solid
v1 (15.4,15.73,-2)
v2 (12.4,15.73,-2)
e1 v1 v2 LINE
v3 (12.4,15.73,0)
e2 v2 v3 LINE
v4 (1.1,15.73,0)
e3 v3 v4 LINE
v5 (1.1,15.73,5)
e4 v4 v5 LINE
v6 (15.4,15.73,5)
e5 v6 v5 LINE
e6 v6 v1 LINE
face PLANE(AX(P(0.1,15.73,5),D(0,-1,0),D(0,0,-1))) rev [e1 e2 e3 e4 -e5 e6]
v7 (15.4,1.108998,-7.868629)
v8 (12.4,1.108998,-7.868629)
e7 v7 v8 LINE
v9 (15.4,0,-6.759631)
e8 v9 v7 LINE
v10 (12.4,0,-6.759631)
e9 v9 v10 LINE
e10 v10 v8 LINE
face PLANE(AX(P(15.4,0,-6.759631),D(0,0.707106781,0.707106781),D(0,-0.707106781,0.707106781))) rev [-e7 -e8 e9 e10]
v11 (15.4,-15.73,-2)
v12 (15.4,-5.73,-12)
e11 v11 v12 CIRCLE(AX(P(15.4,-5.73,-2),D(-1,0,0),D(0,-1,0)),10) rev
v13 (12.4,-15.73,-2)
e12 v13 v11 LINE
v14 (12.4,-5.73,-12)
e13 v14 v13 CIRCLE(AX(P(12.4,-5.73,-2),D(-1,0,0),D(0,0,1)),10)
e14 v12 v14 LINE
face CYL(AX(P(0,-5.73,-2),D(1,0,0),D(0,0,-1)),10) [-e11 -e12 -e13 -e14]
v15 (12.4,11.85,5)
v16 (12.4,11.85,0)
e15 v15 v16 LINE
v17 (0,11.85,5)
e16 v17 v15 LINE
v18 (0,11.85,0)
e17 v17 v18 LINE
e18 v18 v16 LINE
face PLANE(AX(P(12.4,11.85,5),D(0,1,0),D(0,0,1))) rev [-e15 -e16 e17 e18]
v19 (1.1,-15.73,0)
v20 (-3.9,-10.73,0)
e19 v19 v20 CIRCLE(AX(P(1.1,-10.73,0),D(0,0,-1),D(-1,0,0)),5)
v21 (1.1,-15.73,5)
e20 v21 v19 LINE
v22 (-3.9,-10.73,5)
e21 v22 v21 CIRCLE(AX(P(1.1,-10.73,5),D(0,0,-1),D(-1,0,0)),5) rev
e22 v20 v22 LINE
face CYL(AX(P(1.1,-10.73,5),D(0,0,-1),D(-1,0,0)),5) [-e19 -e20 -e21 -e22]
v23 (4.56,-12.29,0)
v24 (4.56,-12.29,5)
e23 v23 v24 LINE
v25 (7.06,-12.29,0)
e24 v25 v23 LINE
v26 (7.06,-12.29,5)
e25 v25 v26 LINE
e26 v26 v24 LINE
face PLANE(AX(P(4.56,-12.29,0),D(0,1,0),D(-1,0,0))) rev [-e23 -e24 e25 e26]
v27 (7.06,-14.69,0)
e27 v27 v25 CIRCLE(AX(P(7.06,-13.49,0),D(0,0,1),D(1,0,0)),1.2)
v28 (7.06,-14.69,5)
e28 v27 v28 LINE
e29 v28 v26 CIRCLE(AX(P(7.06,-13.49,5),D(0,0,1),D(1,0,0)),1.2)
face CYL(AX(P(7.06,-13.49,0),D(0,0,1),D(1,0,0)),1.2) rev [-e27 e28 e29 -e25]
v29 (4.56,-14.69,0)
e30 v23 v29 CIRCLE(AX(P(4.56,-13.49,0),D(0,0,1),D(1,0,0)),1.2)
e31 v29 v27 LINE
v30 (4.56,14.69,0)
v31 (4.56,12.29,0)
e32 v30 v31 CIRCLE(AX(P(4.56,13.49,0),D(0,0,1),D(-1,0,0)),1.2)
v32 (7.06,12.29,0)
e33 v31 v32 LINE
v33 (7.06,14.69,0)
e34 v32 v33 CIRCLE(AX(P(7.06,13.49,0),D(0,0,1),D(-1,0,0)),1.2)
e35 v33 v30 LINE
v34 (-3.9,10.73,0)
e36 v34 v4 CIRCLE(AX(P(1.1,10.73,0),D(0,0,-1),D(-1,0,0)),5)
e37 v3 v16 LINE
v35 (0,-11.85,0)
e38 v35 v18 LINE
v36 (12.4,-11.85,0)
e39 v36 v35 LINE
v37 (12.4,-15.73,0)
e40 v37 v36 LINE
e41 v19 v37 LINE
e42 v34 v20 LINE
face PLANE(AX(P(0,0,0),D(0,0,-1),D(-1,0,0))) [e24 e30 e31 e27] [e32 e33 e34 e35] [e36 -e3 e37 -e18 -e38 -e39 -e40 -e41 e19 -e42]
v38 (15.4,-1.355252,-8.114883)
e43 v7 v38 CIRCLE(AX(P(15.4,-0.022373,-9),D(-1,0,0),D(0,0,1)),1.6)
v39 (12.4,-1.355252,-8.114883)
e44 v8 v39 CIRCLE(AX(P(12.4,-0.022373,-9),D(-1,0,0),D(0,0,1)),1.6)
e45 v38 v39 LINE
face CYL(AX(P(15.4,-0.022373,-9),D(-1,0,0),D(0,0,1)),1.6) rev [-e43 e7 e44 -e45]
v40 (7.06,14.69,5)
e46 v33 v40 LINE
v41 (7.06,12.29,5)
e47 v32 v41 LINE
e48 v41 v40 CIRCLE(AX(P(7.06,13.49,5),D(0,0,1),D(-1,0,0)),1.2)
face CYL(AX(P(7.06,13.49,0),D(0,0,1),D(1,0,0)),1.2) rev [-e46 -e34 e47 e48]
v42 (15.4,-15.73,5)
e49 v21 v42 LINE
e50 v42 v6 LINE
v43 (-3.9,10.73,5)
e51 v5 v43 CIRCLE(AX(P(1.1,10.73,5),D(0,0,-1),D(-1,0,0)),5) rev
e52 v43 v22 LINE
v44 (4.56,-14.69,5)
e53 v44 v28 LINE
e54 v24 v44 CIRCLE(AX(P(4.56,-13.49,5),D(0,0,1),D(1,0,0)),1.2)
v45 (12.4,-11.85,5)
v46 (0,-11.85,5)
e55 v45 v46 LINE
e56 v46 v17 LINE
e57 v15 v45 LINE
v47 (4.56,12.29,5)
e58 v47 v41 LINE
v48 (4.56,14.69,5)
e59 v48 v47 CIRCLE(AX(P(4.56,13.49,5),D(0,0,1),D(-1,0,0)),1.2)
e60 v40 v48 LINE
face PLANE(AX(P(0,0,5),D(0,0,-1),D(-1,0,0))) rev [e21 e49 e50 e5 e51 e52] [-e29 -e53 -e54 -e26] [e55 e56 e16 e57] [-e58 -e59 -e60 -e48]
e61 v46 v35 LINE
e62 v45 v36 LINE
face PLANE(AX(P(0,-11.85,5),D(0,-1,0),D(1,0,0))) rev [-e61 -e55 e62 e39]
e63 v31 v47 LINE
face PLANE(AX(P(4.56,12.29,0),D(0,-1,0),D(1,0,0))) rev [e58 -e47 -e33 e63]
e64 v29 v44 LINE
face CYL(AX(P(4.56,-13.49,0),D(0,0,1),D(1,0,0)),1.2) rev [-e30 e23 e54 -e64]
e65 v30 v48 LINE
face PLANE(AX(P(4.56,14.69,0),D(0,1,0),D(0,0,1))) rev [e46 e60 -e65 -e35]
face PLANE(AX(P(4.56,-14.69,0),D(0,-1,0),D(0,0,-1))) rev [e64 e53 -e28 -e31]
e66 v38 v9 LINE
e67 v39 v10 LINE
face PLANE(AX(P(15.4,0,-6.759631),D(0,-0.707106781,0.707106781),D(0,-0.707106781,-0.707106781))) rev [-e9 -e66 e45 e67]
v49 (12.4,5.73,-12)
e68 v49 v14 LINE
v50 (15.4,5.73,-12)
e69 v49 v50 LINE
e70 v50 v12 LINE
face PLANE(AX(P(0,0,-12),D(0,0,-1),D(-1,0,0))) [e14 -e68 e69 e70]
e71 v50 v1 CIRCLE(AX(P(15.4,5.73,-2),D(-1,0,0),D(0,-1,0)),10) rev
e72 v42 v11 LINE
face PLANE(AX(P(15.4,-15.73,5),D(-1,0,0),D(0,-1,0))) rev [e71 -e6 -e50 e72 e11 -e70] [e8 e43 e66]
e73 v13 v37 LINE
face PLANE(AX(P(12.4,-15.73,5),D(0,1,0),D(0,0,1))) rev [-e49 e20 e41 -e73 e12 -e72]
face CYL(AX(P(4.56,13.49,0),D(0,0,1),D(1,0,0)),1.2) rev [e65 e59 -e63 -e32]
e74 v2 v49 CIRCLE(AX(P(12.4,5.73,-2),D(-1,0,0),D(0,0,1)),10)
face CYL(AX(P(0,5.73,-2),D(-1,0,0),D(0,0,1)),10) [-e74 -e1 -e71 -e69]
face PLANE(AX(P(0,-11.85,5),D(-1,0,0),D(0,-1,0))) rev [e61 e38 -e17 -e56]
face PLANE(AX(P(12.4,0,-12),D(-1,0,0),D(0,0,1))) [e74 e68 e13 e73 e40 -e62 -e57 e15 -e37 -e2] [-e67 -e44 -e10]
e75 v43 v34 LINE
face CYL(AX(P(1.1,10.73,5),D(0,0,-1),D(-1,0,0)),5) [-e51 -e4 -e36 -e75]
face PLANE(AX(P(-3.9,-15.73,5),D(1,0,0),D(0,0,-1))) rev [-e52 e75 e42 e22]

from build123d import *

# Parameters (mm, degrees)
BOSS_EXTRUDE2_DEPTH = 5
CUT_EXTRUDE1_DEPTH  = 23.574164436
SKETCH3_W           = 3
SKETCH3_H           = 3.88
BOSS_EXTRUDE3_DEPTH = 12
BOSS_EXTRUDE4_REACH = 35.791
SKETCH4_W           = 3
SKETCH4_H           = 6.078503162
SKETCH6_W           = 3
SKETCH6_H           = 23.7
BOSS_EXTRUDE5_DEPTH = 10.921497
CUT_EXTRUDE2_DEPTH  = 26.634408517
FILLET1_R           = 10
FILLET2_R           = 5


with BuildPart() as part:
    # Sketch1 → Boss-Extrude2 (new body)
    with BuildSketch(Plane(origin=(0, 0, 0), x_dir=(0, 1, 0), z_dir=(0, 0, 1))):
        Polygon((-11.85, 0), (11.85, 0), (11.85, -12.4), (11.85, -15.4), (15.73, -15.4), (15.73, -12.4), (15.73, -0.1), (15.73, 3.9), (-15.73, 3.9), (-15.73, -0.1), (-15.73, -12.4), (-15.73, -15.4), (-11.85, -15.4), (-11.85, -12.4), align=None)
    extrude(amount=BOSS_EXTRUDE2_DEPTH)

    # Sketch2 → Cut-Extrude1 (cut, through all)
    with BuildSketch(Plane.XY.offset(5)):
        with BuildLine():
            Line((4.56, -12.29), (7.06, -12.29))
            ThreePointArc((7.06, -12.29), (8.26, -13.49), (7.06, -14.69))
            Line((7.06, -14.69), (4.56, -14.69))
            ThreePointArc((4.56, -14.69), (3.36, -13.49), (4.56, -12.29))
        make_face()
        with BuildLine():
            Line((4.56, 12.29), (7.06, 12.29))
            ThreePointArc((7.06, 12.29), (8.26, 13.49), (7.06, 14.69))
            Line((7.06, 14.69), (4.56, 14.69))
            ThreePointArc((4.56, 14.69), (3.36, 13.49), (4.56, 12.29))
        make_face()
    extrude(amount=-CUT_EXTRUDE1_DEPTH, mode=Mode.SUBTRACT)

    # Sketch3 → Boss-Extrude3 (add)
    with BuildSketch(Plane(origin=(0, 0, 0), x_dir=(1, 0, 0), z_dir=(0, 0, -1))):
        with Locations((13.9, -13.79)):
            Rectangle(SKETCH3_W, SKETCH3_H)
        with Locations((13.9, 13.79)):
            Rectangle(SKETCH3_W, SKETCH3_H)
    extrude(amount=BOSS_EXTRUDE3_DEPTH)

    # Sketch4 → Boss-Extrude4 (add, up to next)
    with BuildSketch(Plane(origin=(0, -11.85, 0), x_dir=(-1, 0, 0), z_dir=(0, 1, 0)), mode=Mode.PRIVATE) as boss_extrude4_sk1:
        with Locations((-13.9, -8.960748419)):
            Rectangle(SKETCH4_W, SKETCH4_H)
    boss_extrude4_tool1 = extrude(boss_extrude4_sk1.sketch, amount=BOSS_EXTRUDE4_REACH, mode=Mode.PRIVATE) - part.part
    add(boss_extrude4_tool1.solids().sort_by_distance((13.9, -11.85, -8.960748))[0])

    # Sketch6 → Boss-Extrude5 (add)
    with BuildSketch(Plane.XY.offset(-5.921496838)):
        with Locations((13.9, 0)):
            Rectangle(SKETCH6_W, SKETCH6_H)
    extrude(amount=BOSS_EXTRUDE5_DEPTH)

    # Sketch5 → Cut-Extrude2 (cut, through all)
    with BuildSketch(Plane(origin=(12.4, 0, 0), x_dir=(0, -1, 0), z_dir=(-1, 0, 0))):
        with BuildLine():
            Line((0, -6.759630835), (-1.108998315, -7.86862915))
            ThreePointArc((-1.108998315, -7.86862915), (-0.136723769, -10.592070465), (1.355251929, -8.114882764))
            Line((1.355251929, -8.114882764), (0, -6.759630835))
        make_face()
    extrude(amount=-CUT_EXTRUDE2_DEPTH, mode=Mode.SUBTRACT)

    # Fillet1
    fillet1_edges = [part.edges().sort_by_distance(p)[0] for p in [
        (13.9, 15.73, -12),
        (13.9, -15.73, -12),
    ]]
    fillet(fillet1_edges, radius=FILLET1_R)

    # Fillet2
    fillet2_edges = [part.edges().sort_by_distance(p)[0] for p in [
        (-3.9, -15.73, 2.5),
        (-3.9, 15.73, 2.5),
    ]]
    fillet(fillet2_edges, radius=FILLET2_R)


solid = part.part
